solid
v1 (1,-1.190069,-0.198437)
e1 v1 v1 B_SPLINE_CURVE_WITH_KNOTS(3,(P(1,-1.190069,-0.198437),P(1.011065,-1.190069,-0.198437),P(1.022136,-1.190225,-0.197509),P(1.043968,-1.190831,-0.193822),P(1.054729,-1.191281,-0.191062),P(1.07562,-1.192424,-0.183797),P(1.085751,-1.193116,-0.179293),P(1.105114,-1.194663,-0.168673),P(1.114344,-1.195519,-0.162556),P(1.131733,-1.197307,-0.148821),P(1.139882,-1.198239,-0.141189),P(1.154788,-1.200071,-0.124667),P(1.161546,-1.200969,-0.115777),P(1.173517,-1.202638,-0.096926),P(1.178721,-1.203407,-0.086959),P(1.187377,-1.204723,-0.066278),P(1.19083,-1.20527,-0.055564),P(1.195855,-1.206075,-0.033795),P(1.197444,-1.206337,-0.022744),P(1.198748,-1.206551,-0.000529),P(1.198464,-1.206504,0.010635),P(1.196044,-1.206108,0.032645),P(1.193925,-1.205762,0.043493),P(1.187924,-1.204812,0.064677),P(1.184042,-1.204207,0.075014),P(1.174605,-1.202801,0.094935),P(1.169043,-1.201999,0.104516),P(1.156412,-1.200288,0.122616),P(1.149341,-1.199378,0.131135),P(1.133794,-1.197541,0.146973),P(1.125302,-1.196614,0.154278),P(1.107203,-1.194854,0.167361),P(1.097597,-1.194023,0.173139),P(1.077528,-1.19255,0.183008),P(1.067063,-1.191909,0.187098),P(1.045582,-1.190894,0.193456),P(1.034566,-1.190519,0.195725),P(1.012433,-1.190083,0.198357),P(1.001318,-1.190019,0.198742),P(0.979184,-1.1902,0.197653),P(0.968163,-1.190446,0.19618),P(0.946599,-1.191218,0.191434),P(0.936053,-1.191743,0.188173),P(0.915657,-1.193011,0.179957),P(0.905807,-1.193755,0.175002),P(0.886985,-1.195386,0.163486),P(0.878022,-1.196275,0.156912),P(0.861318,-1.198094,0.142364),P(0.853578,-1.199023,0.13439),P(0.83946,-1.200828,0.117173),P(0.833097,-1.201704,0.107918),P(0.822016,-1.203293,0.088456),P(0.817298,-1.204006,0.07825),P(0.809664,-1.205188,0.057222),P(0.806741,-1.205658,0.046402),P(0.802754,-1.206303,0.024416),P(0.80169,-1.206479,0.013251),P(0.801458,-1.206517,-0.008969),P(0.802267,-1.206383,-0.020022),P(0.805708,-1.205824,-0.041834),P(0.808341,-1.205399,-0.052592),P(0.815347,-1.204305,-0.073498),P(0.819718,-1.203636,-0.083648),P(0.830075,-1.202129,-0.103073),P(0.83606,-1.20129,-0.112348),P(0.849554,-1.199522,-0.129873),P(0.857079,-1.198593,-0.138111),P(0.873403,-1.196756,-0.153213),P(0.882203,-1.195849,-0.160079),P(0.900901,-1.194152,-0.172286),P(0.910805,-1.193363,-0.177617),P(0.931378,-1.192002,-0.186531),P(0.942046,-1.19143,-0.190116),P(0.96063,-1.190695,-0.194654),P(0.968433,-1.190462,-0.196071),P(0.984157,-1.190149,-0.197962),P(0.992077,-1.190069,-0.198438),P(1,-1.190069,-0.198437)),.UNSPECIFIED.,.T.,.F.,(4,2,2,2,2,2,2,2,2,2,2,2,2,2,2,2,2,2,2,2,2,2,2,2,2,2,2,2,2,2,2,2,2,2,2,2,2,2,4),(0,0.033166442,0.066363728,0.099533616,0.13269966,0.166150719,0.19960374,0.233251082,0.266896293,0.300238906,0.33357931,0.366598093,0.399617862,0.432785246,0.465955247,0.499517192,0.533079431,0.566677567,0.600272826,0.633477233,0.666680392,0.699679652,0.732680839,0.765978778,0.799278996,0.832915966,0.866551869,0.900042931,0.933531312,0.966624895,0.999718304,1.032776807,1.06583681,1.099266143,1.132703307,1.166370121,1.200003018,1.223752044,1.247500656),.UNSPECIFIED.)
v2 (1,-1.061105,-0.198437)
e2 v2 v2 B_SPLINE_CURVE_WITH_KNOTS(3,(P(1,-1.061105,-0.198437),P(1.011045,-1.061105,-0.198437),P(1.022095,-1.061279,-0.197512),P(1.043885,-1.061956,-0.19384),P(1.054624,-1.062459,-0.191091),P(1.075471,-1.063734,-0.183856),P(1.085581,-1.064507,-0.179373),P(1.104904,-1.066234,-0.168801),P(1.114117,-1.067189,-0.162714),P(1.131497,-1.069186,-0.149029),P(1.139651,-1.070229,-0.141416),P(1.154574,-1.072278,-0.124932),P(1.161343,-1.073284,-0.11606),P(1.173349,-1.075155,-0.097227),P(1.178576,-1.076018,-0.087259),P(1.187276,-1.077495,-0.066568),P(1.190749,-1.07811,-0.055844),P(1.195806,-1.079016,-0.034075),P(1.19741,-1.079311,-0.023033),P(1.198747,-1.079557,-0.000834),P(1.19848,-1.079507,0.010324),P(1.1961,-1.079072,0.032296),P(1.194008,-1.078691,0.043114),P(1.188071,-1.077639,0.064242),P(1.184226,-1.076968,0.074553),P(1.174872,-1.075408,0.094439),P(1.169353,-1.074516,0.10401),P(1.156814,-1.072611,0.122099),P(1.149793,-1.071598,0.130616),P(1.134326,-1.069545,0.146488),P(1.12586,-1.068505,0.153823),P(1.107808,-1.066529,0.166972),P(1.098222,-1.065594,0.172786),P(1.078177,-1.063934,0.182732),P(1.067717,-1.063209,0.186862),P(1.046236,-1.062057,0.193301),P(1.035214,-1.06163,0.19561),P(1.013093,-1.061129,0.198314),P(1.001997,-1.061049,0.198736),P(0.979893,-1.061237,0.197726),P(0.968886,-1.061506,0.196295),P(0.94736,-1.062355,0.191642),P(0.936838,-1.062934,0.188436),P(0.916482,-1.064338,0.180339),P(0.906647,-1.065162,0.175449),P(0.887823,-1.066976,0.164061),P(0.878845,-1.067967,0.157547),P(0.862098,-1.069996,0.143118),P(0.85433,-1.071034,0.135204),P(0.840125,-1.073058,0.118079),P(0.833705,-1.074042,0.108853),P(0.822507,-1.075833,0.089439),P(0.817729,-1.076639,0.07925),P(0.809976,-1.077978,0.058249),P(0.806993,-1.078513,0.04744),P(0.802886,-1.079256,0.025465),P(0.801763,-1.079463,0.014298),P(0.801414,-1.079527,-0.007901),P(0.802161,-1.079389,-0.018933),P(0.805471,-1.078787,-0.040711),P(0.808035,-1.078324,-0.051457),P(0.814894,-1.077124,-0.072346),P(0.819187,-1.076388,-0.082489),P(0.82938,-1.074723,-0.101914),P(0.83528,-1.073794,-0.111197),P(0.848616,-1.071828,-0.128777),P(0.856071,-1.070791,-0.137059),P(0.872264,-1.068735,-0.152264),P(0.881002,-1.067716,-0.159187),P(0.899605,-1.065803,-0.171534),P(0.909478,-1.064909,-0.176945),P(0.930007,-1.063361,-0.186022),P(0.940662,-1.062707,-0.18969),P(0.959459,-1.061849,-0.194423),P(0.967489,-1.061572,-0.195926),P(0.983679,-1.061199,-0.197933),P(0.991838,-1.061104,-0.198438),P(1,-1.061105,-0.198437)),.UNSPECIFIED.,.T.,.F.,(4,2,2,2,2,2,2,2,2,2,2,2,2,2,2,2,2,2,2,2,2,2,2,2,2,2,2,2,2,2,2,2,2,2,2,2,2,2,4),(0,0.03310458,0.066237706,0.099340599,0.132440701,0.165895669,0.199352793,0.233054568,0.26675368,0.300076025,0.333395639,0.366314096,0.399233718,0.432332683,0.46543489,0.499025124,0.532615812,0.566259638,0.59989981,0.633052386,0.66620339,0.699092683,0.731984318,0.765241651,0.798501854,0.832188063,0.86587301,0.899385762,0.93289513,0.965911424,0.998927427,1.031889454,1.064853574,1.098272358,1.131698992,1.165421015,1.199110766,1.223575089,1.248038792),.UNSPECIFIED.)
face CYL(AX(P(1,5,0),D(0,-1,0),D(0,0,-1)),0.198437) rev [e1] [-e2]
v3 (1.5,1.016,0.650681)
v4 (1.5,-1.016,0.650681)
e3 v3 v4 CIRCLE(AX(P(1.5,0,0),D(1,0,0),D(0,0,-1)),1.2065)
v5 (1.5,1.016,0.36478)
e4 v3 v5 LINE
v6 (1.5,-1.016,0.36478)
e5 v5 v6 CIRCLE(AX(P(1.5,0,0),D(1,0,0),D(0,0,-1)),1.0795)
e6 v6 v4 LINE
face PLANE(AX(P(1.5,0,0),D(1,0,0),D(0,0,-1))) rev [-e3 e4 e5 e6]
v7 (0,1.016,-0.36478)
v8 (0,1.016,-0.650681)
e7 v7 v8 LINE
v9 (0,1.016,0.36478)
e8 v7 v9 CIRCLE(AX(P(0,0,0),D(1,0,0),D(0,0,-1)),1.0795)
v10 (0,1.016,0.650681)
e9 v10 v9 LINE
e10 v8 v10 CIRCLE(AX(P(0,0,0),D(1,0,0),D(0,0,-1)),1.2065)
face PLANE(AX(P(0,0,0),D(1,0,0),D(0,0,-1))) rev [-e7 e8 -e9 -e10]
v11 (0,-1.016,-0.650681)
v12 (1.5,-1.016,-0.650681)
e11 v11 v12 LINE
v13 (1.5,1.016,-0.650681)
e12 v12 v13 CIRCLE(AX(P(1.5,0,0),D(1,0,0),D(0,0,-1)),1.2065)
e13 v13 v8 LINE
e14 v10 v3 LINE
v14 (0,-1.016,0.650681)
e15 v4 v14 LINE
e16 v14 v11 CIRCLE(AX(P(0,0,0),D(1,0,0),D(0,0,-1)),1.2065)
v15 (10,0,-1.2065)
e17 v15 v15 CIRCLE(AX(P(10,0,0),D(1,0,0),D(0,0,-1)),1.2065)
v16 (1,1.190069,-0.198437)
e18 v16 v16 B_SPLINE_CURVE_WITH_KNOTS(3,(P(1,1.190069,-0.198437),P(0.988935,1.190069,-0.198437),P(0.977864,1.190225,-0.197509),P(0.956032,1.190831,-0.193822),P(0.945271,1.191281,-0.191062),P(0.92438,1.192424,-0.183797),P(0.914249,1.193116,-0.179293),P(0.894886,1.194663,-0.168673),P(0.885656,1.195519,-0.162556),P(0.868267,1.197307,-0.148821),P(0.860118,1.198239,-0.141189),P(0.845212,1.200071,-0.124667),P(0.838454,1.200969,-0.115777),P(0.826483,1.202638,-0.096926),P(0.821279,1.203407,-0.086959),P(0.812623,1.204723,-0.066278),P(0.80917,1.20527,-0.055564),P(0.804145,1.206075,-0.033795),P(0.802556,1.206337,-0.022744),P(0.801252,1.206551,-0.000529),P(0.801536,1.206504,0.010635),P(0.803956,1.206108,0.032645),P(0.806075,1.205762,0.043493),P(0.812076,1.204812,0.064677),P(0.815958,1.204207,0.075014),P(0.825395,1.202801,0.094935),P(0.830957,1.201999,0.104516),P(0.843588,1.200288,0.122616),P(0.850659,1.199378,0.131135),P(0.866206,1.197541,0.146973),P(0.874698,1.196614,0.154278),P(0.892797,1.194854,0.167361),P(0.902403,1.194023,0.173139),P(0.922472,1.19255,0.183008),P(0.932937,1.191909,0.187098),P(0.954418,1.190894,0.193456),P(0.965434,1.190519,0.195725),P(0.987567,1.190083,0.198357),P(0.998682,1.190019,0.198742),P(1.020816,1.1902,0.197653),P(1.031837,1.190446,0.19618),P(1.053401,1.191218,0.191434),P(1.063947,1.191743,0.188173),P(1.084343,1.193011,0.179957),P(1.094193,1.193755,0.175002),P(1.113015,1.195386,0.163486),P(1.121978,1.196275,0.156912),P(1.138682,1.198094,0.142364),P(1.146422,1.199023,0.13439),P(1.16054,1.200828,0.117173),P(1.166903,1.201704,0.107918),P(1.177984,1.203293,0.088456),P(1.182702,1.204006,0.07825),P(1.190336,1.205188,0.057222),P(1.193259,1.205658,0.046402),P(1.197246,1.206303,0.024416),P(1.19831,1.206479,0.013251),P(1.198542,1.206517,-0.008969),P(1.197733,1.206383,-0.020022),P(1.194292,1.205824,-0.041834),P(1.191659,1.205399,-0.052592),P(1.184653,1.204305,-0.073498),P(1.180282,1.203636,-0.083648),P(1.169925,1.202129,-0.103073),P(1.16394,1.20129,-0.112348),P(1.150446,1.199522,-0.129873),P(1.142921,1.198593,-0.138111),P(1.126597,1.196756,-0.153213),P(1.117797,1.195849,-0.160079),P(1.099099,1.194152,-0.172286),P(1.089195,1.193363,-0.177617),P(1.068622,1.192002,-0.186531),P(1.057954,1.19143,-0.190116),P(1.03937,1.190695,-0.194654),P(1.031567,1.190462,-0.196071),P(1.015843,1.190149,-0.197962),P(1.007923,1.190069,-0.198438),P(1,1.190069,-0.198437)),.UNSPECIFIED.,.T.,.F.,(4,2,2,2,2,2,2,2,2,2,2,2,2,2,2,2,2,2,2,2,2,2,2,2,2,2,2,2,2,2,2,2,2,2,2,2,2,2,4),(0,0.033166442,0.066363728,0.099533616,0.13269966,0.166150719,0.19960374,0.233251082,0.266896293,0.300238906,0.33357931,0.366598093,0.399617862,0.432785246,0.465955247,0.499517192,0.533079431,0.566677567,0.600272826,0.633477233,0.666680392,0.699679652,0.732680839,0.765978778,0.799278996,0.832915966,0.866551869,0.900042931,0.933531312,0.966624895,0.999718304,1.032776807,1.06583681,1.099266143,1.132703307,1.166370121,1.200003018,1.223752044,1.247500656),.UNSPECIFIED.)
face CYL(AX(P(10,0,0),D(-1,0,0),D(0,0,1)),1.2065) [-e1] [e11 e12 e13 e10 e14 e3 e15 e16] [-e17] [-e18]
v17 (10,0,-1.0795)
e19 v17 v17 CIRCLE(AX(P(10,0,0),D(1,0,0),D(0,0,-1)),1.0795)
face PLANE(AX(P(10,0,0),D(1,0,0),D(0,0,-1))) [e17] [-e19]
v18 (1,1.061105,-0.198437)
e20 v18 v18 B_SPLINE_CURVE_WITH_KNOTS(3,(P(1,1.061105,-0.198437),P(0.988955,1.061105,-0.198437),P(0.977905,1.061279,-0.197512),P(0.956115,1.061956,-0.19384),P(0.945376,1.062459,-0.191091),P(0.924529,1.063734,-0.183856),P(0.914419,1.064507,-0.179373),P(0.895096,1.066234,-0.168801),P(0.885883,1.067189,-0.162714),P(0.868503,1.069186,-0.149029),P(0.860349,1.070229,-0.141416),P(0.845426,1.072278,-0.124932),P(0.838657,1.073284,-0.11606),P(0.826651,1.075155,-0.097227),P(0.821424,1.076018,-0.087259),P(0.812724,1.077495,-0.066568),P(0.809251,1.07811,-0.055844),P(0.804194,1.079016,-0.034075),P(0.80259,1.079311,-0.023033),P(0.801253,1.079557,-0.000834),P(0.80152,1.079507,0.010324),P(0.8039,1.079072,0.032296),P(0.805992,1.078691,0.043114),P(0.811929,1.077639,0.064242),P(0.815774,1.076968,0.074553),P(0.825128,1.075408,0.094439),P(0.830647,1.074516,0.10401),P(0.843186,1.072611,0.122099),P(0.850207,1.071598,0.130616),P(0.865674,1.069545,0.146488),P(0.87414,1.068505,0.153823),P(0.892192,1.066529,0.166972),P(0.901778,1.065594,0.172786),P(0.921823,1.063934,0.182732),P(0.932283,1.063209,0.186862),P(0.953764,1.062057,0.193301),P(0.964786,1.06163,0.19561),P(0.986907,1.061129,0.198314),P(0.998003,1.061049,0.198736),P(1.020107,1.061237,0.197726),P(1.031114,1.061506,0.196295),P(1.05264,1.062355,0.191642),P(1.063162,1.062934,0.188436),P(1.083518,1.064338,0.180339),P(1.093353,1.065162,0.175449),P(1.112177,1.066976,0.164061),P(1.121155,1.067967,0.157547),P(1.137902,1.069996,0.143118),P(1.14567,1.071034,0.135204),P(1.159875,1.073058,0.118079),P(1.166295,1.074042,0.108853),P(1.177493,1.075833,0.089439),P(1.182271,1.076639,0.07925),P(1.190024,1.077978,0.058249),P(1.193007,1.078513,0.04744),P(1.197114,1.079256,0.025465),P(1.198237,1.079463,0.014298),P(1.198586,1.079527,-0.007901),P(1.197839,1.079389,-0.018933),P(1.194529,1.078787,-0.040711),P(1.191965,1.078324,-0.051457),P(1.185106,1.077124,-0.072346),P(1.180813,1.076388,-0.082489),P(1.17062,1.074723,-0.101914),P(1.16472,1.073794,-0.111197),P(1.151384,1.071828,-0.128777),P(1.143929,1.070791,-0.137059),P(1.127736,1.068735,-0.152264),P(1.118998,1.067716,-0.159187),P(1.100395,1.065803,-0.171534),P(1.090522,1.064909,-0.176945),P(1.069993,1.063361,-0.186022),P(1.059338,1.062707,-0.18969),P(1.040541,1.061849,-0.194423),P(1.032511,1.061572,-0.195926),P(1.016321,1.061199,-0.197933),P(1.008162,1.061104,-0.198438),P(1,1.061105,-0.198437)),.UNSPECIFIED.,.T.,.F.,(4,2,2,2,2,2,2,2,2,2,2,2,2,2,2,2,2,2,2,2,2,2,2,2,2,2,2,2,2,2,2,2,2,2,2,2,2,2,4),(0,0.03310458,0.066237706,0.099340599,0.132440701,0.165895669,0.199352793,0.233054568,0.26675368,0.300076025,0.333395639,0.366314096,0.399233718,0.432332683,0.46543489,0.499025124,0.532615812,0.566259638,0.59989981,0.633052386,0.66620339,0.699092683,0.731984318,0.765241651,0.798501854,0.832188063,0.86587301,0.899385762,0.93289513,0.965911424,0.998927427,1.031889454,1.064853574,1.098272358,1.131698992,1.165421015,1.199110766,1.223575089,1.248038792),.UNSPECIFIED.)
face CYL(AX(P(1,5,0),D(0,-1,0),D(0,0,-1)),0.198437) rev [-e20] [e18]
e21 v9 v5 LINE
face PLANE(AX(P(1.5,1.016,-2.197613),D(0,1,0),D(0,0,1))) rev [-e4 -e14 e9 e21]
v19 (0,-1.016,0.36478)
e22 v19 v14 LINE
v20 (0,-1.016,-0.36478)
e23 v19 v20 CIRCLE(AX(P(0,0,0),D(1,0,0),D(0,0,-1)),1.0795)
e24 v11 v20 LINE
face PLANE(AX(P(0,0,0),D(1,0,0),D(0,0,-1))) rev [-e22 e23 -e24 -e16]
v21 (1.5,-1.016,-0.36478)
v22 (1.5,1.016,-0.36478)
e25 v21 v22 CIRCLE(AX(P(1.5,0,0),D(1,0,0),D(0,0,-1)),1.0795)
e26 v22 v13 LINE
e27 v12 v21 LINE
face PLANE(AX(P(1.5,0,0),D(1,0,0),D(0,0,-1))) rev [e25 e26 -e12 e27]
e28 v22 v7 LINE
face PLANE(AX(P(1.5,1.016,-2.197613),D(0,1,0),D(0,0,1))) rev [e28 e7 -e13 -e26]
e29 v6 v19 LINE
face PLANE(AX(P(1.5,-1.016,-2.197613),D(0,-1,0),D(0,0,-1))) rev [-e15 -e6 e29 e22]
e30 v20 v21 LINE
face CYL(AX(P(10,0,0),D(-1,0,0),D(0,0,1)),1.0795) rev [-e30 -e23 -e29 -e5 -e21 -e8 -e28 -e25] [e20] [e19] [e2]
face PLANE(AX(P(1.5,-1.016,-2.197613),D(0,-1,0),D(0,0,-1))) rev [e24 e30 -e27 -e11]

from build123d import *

# Parameters (mm, degrees)
SKETCH1_R               = 1.2065
SKETCH1_R_2             = 1.0795
BOSS_EXTRUDE1_DEPTH     = 10
SKETCH2_W               = 4.648816228
SKETCH2_H               = 2.032
CUT_EXTRUDE1_DEPTH      = 1.5
CUT_EXTRUDE2_DEPTH      = 5
CUT_EXTRUDE2_DEPTH_BACK = 5
SKETCH4_R               = 0.1984375


with BuildPart() as part:
    # Sketch1 → Boss-Extrude1 (new body)
    with BuildSketch(Plane(origin=(0, 0, 0), x_dir=(0, 0, -1), z_dir=(1, 0, 0))):
        Circle(SKETCH1_R)
        Circle(SKETCH1_R_2, mode=Mode.SUBTRACT)
    extrude(amount=BOSS_EXTRUDE1_DEPTH)

    # Sketch2 → Cut-Extrude1 (cut)
    with BuildSketch(Plane.ZY):
        with Locations((0.126795446, 0)):
            Rectangle(SKETCH2_W, SKETCH2_H)
    extrude(amount=-CUT_EXTRUDE1_DEPTH, mode=Mode.SUBTRACT)

    # Sketch4 → Cut-Extrude2 (cut, two sides: drawn at the far end of the back side and taken through both)
    with BuildSketch(Plane(origin=(0, 0, 0), x_dir=(1, 0, 0), z_dir=(0, 1, 0)).offset(-CUT_EXTRUDE2_DEPTH_BACK)):
        with Locations(Location((1, 0, 0), (0, 0, 90))):
            Circle(SKETCH4_R)
    extrude(amount=CUT_EXTRUDE2_DEPTH + CUT_EXTRUDE2_DEPTH_BACK, mode=Mode.SUBTRACT)


solid = part.part
